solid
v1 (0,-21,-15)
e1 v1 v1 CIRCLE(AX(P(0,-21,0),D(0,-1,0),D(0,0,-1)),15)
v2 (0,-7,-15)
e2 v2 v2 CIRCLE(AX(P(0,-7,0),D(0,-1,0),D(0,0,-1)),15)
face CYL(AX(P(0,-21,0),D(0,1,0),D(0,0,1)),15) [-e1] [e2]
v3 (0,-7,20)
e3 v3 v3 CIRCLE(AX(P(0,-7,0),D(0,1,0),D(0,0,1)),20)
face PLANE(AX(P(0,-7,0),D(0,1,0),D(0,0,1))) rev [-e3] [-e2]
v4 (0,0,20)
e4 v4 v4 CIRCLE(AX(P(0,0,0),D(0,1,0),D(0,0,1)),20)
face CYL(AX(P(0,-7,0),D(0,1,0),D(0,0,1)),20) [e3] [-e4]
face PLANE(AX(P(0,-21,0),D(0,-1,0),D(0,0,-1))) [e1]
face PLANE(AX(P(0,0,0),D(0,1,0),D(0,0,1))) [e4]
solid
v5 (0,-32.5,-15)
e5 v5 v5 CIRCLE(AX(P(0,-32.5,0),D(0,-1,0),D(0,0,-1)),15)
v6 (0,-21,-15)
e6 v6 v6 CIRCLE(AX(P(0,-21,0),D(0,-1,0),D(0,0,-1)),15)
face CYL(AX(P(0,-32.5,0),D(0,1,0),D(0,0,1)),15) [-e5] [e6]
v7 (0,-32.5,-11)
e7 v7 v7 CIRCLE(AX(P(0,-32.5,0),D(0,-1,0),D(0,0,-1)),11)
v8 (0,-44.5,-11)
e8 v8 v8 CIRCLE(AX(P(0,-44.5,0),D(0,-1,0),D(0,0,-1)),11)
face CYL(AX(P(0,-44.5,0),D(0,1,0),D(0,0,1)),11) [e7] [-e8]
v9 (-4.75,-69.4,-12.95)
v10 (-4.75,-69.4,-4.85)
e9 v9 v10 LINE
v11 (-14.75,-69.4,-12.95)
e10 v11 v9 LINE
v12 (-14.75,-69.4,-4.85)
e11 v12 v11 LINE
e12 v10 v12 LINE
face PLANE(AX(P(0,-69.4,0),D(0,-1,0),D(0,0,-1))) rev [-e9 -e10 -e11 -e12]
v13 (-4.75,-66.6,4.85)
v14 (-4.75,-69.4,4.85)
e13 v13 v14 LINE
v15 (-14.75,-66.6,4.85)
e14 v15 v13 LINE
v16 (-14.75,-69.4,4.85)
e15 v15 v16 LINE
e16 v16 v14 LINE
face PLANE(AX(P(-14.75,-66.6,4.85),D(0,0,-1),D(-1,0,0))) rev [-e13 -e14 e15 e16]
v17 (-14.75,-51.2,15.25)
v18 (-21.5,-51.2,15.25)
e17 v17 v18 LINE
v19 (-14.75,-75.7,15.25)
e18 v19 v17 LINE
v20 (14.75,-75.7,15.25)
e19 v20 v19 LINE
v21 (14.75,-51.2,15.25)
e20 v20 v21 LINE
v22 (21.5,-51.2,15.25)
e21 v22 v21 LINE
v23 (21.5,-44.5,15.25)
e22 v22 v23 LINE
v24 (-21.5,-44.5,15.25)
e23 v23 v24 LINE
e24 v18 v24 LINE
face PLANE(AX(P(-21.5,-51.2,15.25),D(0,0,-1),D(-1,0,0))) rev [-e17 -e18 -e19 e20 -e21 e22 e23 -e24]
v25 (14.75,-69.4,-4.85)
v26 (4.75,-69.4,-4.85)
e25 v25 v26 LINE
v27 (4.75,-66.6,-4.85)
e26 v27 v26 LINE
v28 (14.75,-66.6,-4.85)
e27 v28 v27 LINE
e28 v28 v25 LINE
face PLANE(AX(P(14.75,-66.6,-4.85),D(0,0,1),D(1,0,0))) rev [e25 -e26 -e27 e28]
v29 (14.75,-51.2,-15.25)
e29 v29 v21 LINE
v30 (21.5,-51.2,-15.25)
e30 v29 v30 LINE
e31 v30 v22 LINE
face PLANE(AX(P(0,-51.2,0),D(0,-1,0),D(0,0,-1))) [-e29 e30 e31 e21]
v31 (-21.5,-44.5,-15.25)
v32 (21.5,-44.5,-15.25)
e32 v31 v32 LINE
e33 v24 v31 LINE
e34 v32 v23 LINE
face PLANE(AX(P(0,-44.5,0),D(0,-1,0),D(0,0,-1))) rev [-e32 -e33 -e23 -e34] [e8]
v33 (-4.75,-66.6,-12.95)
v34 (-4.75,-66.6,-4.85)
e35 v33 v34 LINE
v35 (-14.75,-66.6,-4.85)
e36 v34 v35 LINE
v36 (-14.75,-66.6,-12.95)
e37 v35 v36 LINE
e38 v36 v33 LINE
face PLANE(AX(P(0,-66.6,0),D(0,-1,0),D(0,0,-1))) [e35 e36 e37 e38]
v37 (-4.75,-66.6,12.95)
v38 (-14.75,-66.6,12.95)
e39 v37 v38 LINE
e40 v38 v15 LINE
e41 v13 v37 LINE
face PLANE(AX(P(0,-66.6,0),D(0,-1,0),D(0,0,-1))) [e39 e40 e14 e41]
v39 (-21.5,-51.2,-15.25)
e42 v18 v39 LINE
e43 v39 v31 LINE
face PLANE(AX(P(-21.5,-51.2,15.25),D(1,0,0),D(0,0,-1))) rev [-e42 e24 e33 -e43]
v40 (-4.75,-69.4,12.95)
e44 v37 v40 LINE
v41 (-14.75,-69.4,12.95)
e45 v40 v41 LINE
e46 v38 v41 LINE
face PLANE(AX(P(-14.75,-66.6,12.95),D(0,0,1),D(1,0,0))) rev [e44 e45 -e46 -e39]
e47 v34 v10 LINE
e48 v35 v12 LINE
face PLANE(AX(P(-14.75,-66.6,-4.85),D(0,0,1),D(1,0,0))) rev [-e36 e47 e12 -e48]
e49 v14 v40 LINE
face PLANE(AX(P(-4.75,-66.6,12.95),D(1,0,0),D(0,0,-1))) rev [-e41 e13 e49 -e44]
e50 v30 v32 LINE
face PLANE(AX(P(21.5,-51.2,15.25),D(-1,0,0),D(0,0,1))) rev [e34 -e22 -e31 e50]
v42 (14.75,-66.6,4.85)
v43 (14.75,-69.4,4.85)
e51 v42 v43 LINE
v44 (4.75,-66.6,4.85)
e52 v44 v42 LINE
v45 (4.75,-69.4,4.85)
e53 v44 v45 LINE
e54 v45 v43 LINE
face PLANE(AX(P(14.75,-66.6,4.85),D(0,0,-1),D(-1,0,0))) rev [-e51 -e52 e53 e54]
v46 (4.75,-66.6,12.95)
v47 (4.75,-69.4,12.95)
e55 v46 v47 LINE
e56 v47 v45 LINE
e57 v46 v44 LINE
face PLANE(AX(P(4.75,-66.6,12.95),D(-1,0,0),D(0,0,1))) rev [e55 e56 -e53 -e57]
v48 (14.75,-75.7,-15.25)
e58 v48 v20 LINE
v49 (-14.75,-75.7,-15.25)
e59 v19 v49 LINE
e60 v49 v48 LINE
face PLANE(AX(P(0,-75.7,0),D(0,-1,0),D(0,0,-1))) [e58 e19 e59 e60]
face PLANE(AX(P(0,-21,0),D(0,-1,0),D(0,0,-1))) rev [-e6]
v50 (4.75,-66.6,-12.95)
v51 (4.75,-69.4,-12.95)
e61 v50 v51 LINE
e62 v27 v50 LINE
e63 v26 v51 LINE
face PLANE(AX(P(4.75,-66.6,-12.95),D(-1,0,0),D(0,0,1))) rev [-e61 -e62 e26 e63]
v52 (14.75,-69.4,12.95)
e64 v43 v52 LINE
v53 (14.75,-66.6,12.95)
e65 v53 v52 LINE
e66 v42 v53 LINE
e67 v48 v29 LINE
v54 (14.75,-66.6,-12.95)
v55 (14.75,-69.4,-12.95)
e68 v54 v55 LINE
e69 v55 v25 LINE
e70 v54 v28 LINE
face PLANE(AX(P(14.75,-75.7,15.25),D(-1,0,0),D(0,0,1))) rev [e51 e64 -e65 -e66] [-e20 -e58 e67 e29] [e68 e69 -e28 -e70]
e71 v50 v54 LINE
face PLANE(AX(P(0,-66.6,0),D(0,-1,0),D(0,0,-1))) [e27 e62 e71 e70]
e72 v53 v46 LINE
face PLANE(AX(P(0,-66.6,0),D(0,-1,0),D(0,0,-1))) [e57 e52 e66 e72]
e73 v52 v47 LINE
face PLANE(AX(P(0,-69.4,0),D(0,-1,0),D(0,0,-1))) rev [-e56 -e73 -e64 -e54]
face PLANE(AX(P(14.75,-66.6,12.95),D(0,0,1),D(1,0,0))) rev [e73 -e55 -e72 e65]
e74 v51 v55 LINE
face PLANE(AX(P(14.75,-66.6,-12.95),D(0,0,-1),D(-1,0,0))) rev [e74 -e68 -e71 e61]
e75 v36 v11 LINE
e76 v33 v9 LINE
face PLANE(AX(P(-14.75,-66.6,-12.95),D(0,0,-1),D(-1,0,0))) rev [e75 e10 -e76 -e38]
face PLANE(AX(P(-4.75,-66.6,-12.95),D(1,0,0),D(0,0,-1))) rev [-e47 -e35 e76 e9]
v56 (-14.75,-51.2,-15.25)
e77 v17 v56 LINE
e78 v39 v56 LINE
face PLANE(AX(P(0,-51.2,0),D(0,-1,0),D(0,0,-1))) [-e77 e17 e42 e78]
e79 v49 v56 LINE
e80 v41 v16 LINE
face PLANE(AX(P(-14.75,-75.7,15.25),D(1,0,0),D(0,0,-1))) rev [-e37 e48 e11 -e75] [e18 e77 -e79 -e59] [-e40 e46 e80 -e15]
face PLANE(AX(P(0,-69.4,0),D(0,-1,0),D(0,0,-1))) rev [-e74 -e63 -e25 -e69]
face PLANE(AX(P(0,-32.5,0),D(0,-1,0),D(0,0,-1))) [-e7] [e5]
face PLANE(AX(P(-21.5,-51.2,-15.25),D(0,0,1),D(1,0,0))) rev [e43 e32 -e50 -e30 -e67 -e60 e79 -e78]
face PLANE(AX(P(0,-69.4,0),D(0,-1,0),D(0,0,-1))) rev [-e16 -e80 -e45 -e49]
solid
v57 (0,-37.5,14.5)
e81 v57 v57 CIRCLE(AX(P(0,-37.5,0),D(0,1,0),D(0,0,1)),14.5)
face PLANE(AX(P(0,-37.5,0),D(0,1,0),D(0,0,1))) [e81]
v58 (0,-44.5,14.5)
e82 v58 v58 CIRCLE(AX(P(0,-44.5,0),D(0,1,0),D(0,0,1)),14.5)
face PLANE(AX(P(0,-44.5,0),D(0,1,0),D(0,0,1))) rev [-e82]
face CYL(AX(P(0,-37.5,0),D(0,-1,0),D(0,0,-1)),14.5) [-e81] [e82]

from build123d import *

# Parameters (mm, degrees)
ESQUISSE1_R             = 20
BOSS_EXTRU_1_DEPTH      = 7
ESQUISSE2_R             = 15
BOSS_EXTRU_2_DEPTH      = 14
ESQUISSE3_R             = 15
BOSS_EXTRU_3_DEPTH      = 11.5
ESQUISSE4_R             = 11
BOSS_EXTRU_4_DEPTH      = 12
ESQUISSE5_W             = 43
ESQUISSE5_H             = 30.5
BOSS_EXTRU_5_DEPTH      = 6.7
ESQUISSE6_W             = 29.5
ESQUISSE6_H             = 30.5
BOSS_EXTRU_6_DEPTH      = 24.5
ENL_V_START             = -6.3
ESQUISSE7_W             = 10
ESQUISSE7_H             = 8.1
ENL_V_MAT_EXTRU_1_DEPTH = 2.8
ESQUISSE8_R             = 14.5
BAGUE_SERRAGE_DEPTH     = 7


with BuildPart() as part:
    # Esquisse1 → Boss.-Extru.1 (new body)
    with BuildSketch(Plane(origin=(0, 0, 0), x_dir=(1, 0, 0), z_dir=(0, 1, 0))):
        with Locations(Location((0, 0, 0), (0, 0, 270))):
            Circle(ESQUISSE1_R)
    extrude(amount=-BOSS_EXTRU_1_DEPTH)

    # Esquisse2 → Boss.-Extru.2 (add)
    with BuildSketch(Plane.XZ.offset(7)):
        with Locations(Location((0, 0, 0), (0, 0, 270))):
            Circle(ESQUISSE2_R)
    extrude(amount=BOSS_EXTRU_2_DEPTH)


with BuildPart() as body_2:
    # Esquisse3 → Boss.-Extru.3 (new body)
    with BuildSketch(Plane.XZ.offset(21)):
        with Locations(Location((0, 0, 0), (0, 0, 270))):
            Circle(ESQUISSE3_R)
    extrude(amount=BOSS_EXTRU_3_DEPTH)

    # Esquisse4 → Boss.-Extru.4 (add)
    with BuildSketch(Plane.XZ.offset(32.5)):
        with Locations(Location((0, 0, 0), (0, 0, 270))):
            Circle(ESQUISSE4_R)
    extrude(amount=BOSS_EXTRU_4_DEPTH)

    # Esquisse5 → Boss.-Extru.5 (add)
    with BuildSketch(Plane.XZ.offset(44.5)):
        Rectangle(ESQUISSE5_W, ESQUISSE5_H)
    extrude(amount=BOSS_EXTRU_5_DEPTH)

    # Esquisse6 → Boss.-Extru.6 (add)
    with BuildSketch(Plane.XZ.offset(51.2)):
        Rectangle(ESQUISSE6_W, ESQUISSE6_H)
    extrude(amount=BOSS_EXTRU_6_DEPTH)

    # Esquisse7 → Enlèv. mat.-Extru.1 (cut)
    with BuildSketch(Plane.XZ.offset(75.7).offset(ENL_V_START)):
        with Locations((-9.75, 8.9)):
            Rectangle(ESQUISSE7_W, ESQUISSE7_H)
        with Locations((9.75, 8.9)):
            Rectangle(ESQUISSE7_W, ESQUISSE7_H)
        with Locations((9.75, -8.9)):
            Rectangle(ESQUISSE7_W, ESQUISSE7_H)
        with Locations((-9.75, -8.9)):
            Rectangle(ESQUISSE7_W, ESQUISSE7_H)
    extrude(amount=-ENL_V_MAT_EXTRU_1_DEPTH, mode=Mode.SUBTRACT)


with BuildPart() as body_3:
    # Esquisse8 → bague serrage (new body)
    with BuildSketch(Plane(origin=(0, -44.5, 0), x_dir=(1, 0, 0), z_dir=(0, 1, 0))):
        with Locations(Location((0, 0, 0), (0, 0, 270))):
            Circle(ESQUISSE8_R)
    extrude(amount=BAGUE_SERRAGE_DEPTH)


solid = Compound([part.part, body_2.part, body_3.part])
